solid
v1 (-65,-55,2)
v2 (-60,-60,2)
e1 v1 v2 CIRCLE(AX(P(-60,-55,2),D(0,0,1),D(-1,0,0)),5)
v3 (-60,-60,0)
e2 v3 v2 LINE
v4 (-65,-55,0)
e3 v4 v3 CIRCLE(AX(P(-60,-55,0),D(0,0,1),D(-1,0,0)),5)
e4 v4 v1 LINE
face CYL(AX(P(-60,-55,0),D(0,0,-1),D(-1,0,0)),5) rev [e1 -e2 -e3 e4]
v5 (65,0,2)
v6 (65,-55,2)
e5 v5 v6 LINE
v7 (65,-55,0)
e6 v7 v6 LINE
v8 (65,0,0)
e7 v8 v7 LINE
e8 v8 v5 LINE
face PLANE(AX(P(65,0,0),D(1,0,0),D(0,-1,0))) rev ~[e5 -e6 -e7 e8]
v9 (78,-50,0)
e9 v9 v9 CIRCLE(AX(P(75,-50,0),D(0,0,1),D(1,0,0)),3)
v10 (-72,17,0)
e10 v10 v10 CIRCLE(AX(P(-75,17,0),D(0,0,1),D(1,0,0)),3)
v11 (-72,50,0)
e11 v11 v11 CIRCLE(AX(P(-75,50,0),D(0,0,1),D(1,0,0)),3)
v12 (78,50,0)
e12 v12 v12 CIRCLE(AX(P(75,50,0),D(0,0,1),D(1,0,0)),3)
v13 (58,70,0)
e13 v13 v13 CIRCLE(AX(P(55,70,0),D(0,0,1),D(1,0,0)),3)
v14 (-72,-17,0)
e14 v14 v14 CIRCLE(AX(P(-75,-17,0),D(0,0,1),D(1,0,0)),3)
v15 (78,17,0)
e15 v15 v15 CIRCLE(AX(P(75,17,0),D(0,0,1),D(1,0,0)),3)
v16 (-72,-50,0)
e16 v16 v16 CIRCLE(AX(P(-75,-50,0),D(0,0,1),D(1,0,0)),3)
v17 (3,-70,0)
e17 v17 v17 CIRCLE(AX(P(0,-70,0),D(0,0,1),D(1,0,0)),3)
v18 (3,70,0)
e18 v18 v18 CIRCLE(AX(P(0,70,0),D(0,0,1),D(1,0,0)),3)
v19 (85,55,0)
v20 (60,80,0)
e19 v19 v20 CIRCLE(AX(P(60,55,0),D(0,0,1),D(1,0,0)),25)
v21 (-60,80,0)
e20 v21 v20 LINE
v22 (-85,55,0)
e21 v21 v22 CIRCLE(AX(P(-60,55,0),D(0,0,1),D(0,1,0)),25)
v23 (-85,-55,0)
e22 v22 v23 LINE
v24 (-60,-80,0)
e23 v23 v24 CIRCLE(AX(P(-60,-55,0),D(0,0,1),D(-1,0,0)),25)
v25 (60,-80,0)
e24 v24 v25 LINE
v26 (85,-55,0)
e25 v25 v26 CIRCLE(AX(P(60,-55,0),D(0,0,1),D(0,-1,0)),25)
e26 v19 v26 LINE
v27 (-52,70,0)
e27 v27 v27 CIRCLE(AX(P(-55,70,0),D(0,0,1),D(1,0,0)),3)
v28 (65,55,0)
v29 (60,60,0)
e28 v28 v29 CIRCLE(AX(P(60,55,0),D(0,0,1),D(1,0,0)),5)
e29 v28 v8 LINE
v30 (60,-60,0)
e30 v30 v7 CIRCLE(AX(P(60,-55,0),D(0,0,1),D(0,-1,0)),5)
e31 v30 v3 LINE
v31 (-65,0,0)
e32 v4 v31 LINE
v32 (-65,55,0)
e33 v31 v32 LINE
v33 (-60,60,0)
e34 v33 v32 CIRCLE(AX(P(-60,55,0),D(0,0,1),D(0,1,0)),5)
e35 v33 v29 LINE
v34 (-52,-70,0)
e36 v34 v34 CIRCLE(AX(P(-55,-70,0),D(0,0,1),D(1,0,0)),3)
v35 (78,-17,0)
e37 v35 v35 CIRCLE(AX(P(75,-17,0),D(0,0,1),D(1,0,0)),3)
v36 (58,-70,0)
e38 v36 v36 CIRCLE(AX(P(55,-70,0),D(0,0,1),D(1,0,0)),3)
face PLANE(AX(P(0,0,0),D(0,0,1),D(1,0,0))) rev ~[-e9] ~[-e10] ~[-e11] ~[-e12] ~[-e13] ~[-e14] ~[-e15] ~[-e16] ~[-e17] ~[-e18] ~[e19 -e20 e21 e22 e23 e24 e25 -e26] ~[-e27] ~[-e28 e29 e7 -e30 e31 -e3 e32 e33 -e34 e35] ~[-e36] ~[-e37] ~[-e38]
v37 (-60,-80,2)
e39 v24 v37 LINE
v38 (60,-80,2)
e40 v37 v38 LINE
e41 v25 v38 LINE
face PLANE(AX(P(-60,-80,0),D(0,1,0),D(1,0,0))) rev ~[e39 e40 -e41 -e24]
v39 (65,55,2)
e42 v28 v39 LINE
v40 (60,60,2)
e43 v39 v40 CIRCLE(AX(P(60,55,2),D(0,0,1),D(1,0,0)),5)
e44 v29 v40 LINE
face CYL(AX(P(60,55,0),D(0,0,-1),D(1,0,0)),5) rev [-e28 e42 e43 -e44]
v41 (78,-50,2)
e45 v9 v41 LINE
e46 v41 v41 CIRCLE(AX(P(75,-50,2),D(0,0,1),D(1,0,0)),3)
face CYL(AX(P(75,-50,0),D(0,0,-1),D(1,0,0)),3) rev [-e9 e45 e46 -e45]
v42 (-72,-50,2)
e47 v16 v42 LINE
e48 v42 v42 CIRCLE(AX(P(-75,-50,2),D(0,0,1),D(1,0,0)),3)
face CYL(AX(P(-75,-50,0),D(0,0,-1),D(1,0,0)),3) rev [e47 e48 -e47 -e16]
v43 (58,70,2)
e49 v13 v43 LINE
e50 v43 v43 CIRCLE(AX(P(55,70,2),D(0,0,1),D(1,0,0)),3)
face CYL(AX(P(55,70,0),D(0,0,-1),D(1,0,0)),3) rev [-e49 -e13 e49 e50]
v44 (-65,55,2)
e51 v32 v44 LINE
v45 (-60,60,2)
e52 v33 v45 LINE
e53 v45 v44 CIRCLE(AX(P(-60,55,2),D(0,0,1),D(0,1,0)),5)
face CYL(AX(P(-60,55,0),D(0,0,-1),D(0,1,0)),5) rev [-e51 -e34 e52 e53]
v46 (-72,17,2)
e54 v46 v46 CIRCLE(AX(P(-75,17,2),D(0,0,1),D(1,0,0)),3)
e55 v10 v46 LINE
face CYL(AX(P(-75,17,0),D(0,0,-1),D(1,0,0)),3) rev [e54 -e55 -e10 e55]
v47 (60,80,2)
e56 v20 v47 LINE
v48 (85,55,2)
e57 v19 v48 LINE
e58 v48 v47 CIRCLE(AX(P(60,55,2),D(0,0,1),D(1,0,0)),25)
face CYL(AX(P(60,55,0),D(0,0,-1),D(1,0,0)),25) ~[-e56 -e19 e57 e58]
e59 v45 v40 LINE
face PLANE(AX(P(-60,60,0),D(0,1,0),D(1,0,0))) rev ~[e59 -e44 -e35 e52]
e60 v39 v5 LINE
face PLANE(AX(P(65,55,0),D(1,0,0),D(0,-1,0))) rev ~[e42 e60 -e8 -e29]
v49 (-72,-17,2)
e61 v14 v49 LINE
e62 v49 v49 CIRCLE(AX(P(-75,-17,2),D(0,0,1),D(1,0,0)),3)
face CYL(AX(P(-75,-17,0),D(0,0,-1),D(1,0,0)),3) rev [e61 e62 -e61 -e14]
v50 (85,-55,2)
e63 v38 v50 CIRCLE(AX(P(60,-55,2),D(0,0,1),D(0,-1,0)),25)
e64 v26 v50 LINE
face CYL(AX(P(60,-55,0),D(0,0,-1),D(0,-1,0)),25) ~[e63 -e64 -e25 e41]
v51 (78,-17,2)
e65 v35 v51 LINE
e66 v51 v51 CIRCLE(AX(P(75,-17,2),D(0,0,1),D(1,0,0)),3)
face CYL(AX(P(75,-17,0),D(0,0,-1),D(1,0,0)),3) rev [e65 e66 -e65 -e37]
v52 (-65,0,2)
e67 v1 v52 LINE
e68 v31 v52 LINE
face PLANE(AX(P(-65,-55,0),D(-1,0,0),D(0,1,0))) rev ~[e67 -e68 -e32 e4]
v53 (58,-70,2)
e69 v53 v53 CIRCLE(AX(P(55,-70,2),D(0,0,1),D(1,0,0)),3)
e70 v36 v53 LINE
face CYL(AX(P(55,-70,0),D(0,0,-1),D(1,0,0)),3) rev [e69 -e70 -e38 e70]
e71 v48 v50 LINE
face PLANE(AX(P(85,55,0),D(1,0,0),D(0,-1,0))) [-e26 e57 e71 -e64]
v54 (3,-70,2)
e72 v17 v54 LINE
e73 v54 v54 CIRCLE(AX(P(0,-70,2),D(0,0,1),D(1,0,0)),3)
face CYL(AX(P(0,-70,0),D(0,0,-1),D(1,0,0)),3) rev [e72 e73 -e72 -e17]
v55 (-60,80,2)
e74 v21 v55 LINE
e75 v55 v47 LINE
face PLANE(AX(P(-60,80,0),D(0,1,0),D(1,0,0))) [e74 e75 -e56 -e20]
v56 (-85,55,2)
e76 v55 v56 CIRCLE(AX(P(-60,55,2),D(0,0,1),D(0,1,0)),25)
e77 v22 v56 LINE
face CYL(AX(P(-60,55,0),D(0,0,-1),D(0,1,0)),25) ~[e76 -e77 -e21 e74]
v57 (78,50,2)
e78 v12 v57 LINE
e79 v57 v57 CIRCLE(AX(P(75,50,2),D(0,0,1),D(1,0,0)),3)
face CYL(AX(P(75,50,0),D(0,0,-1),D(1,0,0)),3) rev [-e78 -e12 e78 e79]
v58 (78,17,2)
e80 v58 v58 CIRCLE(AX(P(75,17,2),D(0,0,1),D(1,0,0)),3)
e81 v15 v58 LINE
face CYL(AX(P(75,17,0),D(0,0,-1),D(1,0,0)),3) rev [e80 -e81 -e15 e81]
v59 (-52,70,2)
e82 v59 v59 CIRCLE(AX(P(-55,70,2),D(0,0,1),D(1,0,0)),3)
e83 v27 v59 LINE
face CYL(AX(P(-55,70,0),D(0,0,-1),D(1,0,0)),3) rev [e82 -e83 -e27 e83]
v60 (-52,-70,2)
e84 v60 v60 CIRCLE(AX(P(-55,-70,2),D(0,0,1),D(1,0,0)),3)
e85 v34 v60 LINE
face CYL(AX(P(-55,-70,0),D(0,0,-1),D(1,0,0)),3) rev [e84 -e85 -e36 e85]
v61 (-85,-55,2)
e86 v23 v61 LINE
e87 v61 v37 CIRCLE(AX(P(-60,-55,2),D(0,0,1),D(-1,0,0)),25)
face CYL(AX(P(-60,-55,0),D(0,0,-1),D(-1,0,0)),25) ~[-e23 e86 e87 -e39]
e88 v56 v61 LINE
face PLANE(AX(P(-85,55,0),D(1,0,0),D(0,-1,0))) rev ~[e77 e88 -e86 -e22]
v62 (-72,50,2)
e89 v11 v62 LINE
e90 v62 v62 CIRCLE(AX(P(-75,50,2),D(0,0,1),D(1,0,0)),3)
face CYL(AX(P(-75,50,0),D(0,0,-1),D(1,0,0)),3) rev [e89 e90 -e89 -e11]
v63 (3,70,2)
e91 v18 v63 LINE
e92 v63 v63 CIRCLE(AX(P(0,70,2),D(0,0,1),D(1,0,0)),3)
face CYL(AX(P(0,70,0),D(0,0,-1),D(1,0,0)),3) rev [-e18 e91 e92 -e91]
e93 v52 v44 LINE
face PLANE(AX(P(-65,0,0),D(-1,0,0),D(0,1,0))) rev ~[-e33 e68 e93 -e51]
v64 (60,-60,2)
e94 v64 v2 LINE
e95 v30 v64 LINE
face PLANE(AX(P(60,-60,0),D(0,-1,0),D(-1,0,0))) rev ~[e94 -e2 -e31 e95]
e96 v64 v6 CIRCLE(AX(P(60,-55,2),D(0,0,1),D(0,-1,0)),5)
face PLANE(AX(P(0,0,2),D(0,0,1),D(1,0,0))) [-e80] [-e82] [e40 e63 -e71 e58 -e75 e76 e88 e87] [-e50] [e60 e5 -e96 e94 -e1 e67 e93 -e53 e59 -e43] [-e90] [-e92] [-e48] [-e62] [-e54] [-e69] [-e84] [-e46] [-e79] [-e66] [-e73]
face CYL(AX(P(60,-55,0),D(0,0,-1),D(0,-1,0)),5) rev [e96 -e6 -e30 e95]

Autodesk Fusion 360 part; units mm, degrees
sketch "Sketch1" plane through (0, 0, 0) normal (0, 0, 1) x (1, 0, 0)
  line L0 (-65, 0) -> (65, 0)
  line L1 (-60, 60) -> (60, 60)
  line L2 (65, 55) -> (65, -55)
  line L3 (60, -60) -> (-60, -60)
  line L4 (-65, -55) -> (-65, 55)
  line L5 (-65, 60) -> (65, -60) construction
  line L6 (65, 60) -> (-65, -60) construction
  line L7 (-65, 0) -> (-85, 0) construction
  circle A0 centre (-75, 0) radius 3
  line L8 (0, 2.5) -> (0, 20) construction
  line L9 (65, 0) -> (85, 0) construction
  circle A1 centre (75, 0) radius 3
  line L10 (0, 60) -> (0, 80) construction
  circle A2 centre (0, 70) radius 3
  line L11 (20, 0) -> (2.5, 0)
  circle A3 centre (0, -70) radius 3
  line L12 (0, -60) -> (0, -80) construction
  circle A4 centre (-75, -50) radius 3
  circle A5 centre (-75, 50) radius 3
  circle A6 centre (75, 50) radius 3
  circle A7 centre (75, -50) radius 3
  circle A8 centre (-55, 70) radius 3
  circle A9 centre (55, 70) radius 3
  circle A10 centre (-55, -70) radius 3
  circle A11 centre (55, -70) radius 3
  line L13 (-85, 55) -> (-85, -55)
  line L14 (85, 55) -> (85, -55)
  line L15 (-60, 80) -> (60, 80)
  line L16 (-60, -80) -> (60, -80)
  circle A12 centre (49.5242, -49.6041) radius 2.5
  circle A13 centre (-0.0023, -49.6041) radius 2.5
  circle A14 centre (-49.5289, -49.6041) radius 2.5
  circle A15 centre (49.5242, 49.6459) radius 2.5
  circle A16 centre (-0.0023, 49.6459) radius 2.5
  circle A17 centre (-49.5289, 49.6459) radius 2.5
  arc A18 (-65, -55) -> (-60, -60) centre (-60, -55) ccw
  arc A19 (-60, 60) -> (-65, 55) centre (-60, 55) ccw
  arc A20 (65, 55) -> (60, 60) centre (60, 55) ccw
  arc A21 (60, -60) -> (65, -55) centre (60, -55) ccw
  line L17 (-75, 0) -> (-75, 17) construction
  line L18 (-75, 0) -> (-75, -17) construction
  circle A22 centre (-75, -17) radius 3
  circle A23 centre (-75, 17) radius 3
  circle A24 centre (75, -17) radius 3
  circle A25 centre (75, 17) radius 3
  line L19 (75, 0) -> (75, 17) construction
  line L20 (75, 0) -> (75, -17) construction
  arc A26 (-85, -55) -> (-60, -80) centre (-60, -55) ccw
  arc A27 (60, -80) -> (85, -55) centre (60, -55) ccw
  arc A28 (85, 55) -> (60, 80) centre (60, 55) ccw
  arc A29 (-60, 80) -> (-85, 55) centre (-60, 55) ccw
  point P0 (-65, 0)
  point P1 (-85, 80)
  point P2 (-85, -80)
  point P3 (85, -80)
  point P4 (85, 80)
  point P5 (-65, -80)
  point P6 (-85, -60)
  point P7 (-65, 80)
  point P8 (-85, 60)
  point P9 (65, 80)
  point P10 (85, 60)
  point P11 (85, -60)
  point P12 (65, -80)
  dimension "d30" = 65
  dimension "d31" = 130
  dimension "d32" = 120
  dimension "d33" = 20
  dimension "d34" = 6
  dimension "d35" = 20
  dimension "d36" = 6
  dimension "d39" = 0
  dimension "d40" = 50
  dimension "d43" = 55
  dimension "d44" = 0
  dimension "d45" = 5
  dimension "d46" = 5
  dimension "d47" = 5
  dimension "d48" = 20
  dimension "d49" = 20
  dimension "d50" = 20
  dimension "d51" = 20
  dimension "d52" = 20
  dimension "d53" = 20
  dimension "d54" = 20
  dimension "d55" = 20
  dimension "d56" = 5
  dimension "d60" = 17
  dimension "d63" = 0
  dimension "d64" = 17
  dimension "d65" = 25
extrude "Extrude1" add sketch "Sketch1" along normal blind 2 contours A0 | A1 | L13 L14 L15 L16 A26 A27 A28 A29
equation "d31 = 65 mm + 65 mm"
equation "d49 = d48"
equation "d51 = d50"
equation "d53 = d52"
equation "d55 = d54"
